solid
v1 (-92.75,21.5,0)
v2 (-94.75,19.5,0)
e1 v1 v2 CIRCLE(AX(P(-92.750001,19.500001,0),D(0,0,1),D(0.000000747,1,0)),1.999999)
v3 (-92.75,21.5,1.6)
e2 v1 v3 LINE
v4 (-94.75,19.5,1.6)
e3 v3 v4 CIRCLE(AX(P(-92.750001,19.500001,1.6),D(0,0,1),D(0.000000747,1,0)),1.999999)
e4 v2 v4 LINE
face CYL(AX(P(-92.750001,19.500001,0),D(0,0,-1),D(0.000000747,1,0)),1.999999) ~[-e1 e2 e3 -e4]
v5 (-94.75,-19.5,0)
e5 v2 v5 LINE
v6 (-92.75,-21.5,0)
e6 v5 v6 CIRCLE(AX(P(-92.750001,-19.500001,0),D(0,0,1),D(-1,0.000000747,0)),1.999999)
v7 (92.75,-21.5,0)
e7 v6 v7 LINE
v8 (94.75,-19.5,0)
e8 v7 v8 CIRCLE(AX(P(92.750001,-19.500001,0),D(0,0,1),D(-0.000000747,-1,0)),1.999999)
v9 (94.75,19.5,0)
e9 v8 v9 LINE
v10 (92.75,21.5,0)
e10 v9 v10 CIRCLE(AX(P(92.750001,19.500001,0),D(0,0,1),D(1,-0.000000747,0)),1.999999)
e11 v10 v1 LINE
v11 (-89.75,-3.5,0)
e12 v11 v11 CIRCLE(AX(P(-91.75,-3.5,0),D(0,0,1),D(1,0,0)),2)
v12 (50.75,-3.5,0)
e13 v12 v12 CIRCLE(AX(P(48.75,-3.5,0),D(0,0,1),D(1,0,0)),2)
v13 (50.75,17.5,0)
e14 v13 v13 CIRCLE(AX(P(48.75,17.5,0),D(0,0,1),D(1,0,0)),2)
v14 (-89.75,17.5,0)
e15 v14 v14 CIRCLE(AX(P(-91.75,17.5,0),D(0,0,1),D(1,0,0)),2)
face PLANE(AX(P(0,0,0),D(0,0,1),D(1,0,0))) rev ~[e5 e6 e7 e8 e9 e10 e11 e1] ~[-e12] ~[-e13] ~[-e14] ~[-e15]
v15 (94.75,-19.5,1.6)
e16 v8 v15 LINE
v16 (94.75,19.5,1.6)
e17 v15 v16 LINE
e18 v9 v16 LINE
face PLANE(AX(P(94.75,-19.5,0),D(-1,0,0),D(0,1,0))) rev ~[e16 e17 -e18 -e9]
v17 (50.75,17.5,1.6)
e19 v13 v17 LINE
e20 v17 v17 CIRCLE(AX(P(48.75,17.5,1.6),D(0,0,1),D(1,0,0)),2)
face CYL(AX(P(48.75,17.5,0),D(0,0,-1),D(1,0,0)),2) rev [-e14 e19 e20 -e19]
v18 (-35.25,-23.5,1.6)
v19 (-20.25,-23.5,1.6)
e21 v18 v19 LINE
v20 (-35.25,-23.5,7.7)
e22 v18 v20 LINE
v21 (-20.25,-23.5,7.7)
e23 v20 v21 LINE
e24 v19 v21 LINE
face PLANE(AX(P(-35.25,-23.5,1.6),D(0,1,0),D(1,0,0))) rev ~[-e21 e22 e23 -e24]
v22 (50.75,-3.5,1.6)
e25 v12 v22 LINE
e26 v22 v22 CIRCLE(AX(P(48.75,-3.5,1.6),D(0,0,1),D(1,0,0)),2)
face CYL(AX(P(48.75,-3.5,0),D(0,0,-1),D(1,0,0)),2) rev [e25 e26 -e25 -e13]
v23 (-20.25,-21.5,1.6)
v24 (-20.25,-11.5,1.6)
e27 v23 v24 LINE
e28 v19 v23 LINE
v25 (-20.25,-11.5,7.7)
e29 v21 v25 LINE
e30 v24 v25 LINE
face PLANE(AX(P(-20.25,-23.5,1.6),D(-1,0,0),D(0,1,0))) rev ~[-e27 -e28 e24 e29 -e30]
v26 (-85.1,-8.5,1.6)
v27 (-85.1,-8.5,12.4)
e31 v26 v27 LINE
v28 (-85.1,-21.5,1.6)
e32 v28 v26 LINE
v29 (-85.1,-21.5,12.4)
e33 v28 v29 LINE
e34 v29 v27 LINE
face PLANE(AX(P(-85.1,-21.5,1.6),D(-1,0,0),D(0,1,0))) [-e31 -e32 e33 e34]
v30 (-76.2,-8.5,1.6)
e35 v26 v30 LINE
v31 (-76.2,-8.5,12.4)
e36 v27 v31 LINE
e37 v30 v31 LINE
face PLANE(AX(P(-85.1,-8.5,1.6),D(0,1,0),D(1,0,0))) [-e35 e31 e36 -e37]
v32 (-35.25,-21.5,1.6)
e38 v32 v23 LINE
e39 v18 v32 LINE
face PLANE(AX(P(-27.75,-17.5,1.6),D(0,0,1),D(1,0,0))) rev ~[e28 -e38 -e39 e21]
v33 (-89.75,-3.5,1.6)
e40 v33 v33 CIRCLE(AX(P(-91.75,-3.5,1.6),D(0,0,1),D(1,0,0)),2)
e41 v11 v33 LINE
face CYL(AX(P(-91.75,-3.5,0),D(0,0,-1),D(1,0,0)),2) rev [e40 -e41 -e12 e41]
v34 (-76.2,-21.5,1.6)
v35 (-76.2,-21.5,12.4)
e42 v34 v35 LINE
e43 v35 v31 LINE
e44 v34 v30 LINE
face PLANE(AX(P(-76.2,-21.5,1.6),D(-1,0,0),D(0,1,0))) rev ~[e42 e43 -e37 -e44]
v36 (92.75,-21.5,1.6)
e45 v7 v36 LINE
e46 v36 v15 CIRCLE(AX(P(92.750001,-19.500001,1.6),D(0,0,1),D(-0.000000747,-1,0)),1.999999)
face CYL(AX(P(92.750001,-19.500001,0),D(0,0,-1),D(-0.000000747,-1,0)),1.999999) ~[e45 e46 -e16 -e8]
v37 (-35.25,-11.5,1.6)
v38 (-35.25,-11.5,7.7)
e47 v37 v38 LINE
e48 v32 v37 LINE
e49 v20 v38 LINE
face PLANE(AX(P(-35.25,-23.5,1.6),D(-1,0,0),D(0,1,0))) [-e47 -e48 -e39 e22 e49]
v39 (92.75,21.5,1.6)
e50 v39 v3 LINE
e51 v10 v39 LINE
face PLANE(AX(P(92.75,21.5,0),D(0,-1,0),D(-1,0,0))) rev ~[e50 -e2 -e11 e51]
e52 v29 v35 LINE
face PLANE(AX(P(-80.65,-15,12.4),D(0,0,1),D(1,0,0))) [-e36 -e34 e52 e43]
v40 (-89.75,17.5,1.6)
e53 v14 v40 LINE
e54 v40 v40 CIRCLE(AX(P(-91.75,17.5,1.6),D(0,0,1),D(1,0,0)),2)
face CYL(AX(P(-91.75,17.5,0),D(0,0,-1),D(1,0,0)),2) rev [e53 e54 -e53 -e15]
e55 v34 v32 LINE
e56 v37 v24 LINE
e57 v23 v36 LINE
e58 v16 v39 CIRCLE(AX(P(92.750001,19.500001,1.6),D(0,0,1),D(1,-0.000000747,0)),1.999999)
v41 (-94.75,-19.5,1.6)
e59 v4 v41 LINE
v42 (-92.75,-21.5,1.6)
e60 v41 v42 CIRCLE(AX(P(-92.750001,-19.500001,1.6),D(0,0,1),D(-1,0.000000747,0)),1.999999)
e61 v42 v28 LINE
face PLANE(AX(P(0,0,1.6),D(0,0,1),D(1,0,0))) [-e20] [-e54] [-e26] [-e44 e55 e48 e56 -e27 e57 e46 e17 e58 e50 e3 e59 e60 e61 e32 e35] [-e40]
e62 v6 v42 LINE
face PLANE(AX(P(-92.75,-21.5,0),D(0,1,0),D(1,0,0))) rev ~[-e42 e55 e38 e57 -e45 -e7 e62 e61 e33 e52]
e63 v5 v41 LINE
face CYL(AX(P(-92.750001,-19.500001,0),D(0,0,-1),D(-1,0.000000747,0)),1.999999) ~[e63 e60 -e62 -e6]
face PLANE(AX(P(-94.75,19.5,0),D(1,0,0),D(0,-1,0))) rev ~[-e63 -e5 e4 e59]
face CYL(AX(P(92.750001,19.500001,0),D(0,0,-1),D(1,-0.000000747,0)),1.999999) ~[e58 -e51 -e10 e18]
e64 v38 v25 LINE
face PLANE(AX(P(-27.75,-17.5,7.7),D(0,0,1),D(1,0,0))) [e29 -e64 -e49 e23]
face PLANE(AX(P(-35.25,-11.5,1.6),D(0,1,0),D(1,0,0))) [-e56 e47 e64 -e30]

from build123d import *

# Parameters (mm, degrees)
F0_R     = 2
F1_DEPTH = 1.6
F2_W     = 8.9
F2_H     = 13
F3_DEPTH = 10.8
F4_W     = 15
F4_H     = 12
F5_DEPTH = 6.1


with BuildPart() as f1:
    # F0 (on Top) → F1 (new body)
    with BuildSketch(Plane.XY):
        with BuildLine():
            Line((-92.75, -21.5), (92.75, -21.5))
            ThreePointArc((92.75, -21.5), (94.164214, -20.914214), (94.75, -19.5))
            Line((94.75, -19.5), (94.75, 19.5))
            ThreePointArc((94.75, 19.5), (94.164214, 20.914214), (92.75, 21.5))
            Line((92.75, 21.5), (-92.75, 21.5))
            ThreePointArc((-92.75, 21.5), (-94.164214, 20.914214), (-94.75, 19.5))
            Line((-94.75, 19.5), (-94.75, -19.5))
            ThreePointArc((-94.75, -19.5), (-94.164214, -20.914214), (-92.75, -21.5))
        make_face()
        with Locations((-91.75, -3.5)):
            Circle(F0_R, mode=Mode.SUBTRACT)
        with Locations((48.75, -3.5)):
            Circle(F0_R, mode=Mode.SUBTRACT)
        with Locations((-91.75, 17.5)):
            Circle(F0_R, mode=Mode.SUBTRACT)
        with Locations((48.75, 17.5)):
            Circle(F0_R, mode=Mode.SUBTRACT)
    extrude(amount=F1_DEPTH)

    # F2 (on face) → F3 (join)
    with BuildSketch(Plane.XY.offset(1.6)):
        with Locations((-80.65, -15)):
            Rectangle(F2_W, F2_H)
    extrude(amount=F3_DEPTH)

    # F4 (on face) → F5 (join)
    with BuildSketch(Plane.XY.offset(1.6)):
        with Locations((-27.75, -17.5)):
            Rectangle(F4_W, F4_H)
    extrude(amount=F5_DEPTH)


solid = f1.part
